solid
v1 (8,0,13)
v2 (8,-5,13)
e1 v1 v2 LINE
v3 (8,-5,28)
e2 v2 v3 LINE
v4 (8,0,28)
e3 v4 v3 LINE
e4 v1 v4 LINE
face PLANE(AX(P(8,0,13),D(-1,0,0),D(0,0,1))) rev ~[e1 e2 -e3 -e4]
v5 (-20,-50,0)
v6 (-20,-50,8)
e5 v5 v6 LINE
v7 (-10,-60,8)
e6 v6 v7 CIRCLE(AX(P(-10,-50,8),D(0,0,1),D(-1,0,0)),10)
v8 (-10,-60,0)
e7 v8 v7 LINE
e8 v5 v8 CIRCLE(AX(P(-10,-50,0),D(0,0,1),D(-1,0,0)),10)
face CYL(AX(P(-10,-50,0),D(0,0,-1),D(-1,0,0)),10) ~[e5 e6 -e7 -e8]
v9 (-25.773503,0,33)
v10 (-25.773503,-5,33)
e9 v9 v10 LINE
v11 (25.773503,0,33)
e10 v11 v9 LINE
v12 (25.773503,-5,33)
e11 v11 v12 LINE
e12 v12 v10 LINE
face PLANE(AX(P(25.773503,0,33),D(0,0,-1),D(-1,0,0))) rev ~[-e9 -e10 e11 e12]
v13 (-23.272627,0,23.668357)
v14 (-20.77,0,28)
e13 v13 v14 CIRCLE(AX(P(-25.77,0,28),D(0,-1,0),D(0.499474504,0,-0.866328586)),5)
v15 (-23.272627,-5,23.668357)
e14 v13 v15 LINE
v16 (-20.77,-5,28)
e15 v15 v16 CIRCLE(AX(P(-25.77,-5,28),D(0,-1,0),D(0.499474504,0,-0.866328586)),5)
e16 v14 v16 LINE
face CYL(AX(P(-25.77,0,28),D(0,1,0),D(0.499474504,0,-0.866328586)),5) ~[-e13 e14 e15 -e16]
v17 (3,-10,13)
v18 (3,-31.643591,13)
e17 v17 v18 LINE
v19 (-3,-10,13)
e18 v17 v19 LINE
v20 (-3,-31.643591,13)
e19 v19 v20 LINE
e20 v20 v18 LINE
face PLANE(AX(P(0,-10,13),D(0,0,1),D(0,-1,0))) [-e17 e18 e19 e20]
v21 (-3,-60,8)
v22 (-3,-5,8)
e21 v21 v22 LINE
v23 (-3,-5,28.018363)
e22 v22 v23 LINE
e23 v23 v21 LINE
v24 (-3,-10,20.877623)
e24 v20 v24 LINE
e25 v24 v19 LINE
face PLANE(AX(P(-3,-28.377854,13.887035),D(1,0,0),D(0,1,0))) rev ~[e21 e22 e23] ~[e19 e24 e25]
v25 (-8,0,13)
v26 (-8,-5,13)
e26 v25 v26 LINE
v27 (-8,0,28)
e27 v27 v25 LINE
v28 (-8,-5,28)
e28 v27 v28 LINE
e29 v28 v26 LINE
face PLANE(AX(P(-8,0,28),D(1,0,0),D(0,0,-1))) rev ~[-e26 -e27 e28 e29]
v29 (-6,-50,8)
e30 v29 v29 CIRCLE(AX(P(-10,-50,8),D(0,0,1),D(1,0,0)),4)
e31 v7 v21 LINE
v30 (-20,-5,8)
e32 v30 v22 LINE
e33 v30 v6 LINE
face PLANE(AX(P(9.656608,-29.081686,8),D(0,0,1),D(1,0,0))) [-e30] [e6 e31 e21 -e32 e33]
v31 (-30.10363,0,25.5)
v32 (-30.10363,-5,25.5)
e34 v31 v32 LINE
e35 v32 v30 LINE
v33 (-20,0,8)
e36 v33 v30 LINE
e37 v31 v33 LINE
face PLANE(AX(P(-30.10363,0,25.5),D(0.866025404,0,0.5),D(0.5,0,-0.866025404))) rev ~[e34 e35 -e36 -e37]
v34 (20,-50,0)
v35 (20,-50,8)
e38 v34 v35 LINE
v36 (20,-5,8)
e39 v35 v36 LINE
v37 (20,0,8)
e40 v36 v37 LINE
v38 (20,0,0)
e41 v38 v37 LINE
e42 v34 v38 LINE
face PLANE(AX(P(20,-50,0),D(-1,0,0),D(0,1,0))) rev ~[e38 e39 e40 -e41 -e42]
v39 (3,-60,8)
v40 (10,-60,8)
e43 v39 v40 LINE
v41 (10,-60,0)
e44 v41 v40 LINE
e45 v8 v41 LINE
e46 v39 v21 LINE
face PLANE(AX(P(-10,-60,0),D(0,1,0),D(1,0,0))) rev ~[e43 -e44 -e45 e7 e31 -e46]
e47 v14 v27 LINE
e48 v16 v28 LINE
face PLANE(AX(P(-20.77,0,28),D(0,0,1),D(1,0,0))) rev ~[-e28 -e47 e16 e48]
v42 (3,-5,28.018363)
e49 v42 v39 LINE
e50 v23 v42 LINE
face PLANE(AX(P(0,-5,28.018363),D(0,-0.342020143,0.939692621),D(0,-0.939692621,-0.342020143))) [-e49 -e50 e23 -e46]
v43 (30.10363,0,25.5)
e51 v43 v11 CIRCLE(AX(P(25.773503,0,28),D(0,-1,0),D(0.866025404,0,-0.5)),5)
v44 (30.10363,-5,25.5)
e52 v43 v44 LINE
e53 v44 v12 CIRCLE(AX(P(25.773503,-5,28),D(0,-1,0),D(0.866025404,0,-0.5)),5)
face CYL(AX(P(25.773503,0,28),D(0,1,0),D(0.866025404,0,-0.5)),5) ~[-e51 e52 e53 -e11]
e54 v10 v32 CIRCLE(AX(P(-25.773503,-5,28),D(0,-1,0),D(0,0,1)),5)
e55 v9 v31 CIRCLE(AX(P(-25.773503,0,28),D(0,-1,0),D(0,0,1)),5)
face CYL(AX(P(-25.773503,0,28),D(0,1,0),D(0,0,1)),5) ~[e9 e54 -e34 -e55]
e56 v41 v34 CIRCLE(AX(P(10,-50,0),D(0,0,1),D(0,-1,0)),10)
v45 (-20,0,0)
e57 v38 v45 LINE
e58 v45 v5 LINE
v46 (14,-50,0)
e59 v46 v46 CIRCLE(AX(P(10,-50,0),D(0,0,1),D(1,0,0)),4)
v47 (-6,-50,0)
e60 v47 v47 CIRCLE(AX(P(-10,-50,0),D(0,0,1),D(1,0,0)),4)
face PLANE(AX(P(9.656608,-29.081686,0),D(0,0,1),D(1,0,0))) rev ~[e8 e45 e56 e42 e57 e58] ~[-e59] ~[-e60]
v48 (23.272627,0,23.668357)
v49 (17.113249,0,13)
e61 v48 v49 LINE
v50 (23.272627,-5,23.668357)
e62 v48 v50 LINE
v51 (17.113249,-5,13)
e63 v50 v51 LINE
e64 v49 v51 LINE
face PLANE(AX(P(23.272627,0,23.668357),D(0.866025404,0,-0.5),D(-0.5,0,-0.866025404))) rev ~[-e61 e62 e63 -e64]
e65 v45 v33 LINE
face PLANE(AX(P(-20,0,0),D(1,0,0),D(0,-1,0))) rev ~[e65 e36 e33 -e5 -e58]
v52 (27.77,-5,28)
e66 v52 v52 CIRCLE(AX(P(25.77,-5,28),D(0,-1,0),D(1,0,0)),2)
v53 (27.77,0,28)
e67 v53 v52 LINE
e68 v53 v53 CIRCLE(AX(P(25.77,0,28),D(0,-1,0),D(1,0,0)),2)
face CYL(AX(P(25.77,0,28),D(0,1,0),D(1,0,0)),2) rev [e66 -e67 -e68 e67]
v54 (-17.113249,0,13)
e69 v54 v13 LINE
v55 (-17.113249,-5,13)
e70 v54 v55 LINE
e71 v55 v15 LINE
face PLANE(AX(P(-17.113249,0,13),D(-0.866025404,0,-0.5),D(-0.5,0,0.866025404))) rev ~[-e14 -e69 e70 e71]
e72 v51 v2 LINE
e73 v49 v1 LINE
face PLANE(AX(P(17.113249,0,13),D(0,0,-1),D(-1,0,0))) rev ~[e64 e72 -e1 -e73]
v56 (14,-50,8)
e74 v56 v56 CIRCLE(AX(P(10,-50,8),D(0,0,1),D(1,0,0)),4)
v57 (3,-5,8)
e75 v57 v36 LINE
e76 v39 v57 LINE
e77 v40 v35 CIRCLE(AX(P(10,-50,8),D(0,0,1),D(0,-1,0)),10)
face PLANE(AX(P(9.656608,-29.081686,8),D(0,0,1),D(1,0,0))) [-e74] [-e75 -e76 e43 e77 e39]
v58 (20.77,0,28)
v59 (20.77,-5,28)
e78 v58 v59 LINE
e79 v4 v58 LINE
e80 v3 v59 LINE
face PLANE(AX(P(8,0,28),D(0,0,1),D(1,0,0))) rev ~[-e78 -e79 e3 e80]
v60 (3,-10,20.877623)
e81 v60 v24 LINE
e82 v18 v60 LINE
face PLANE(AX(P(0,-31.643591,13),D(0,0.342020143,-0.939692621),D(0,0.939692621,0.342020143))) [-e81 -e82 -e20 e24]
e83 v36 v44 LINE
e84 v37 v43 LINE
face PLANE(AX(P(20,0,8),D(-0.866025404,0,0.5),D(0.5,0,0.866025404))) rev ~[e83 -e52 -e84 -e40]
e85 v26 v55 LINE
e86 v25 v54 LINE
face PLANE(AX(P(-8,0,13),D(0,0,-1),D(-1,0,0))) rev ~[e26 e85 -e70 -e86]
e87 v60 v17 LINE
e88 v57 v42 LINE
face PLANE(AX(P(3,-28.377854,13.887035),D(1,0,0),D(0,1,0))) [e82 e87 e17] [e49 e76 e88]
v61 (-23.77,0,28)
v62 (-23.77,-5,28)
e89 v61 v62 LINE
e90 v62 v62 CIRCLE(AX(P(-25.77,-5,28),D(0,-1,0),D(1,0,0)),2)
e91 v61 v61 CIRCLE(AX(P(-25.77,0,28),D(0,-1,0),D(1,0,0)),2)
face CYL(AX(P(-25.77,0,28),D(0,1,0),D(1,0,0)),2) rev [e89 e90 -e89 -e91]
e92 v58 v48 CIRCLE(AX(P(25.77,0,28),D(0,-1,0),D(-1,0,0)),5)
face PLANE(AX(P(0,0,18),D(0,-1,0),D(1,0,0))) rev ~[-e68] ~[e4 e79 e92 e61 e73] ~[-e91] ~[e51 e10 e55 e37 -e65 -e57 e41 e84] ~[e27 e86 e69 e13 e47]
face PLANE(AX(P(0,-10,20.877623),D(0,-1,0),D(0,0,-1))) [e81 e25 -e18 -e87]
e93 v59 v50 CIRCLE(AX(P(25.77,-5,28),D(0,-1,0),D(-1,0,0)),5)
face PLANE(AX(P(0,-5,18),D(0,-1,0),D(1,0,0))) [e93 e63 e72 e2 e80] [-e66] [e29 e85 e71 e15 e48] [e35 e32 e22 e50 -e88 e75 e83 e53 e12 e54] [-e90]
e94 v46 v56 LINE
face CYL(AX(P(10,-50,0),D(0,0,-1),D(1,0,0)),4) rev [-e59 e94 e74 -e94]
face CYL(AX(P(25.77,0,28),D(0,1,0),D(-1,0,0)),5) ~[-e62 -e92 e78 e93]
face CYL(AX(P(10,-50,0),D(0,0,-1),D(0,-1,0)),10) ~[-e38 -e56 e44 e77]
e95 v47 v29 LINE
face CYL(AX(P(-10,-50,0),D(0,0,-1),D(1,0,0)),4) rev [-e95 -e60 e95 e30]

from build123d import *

# Parameters (mm, degrees)
F0_R     = 4
F1_DEPTH = 8
F2_R     = 2
F3_DEPTH = 5
F5_DEPTH = 3


with BuildPart() as f1:
    # F0 (on Top) → F1 (new body)
    with BuildSketch(Plane.XY):
        with BuildLine():
            Line((20, 0), (0, 0))
            Line((0, 0), (0, -60))
            Line((0, -60), (10, -60))
            ThreePointArc((10, -60), (17.0710678119, -57.0710678119), (20, -50))
            Line((20, -50), (20, 0))
        make_face()
        with Locations((10, -50)):
            Circle(F0_R, mode=Mode.SUBTRACT)
        with BuildLine():
            Line((0, -60), (0, 0))
            Line((0, 0), (-20, 0))
            Line((-20, 0), (-20, -50))
            ThreePointArc((-20, -50), (-17.0710678119, -57.0710678119), (-10, -60))
            Line((-10, -60), (0, -60))
        make_face()
        with Locations((-10, -50)):
            Circle(F0_R, mode=Mode.SUBTRACT)
    extrude(amount=F1_DEPTH)

    # F2 (on Front) → F3 (join)
    with BuildSketch(Plane.XZ):
        Polygon((-3, 8), (3, 8), (3, 28), (0, 28), (-3, 28), align=None)
        with BuildLine():
            Line((3, 8), (20, 8))
            Line((20, 8), (30.1036297108, 25.5))
            ThreePointArc((30.1036297108, 25.5), (30.1036297108, 30.5), (25.7735026919, 33))
            Line((25.7735026919, 33), (0, 33))
            Line((0, 33), (-25.7735026919, 33))
            ThreePointArc((-25.7735026919, 33), (-30.1036297108, 30.5), (-30.1036297108, 25.5))
            Line((-30.1036297108, 25.5), (-20, 8))
            Line((-20, 8), (-3, 8))
            Line((-3, 8), (-3, 28))
            Line((-3, 28), (0, 28))
            Line((0, 28), (3, 28))
            Line((3, 28), (3, 8))
        make_face()
        with BuildLine():
            Line((-20.77, 28), (-8, 28))
            Line((-8, 28), (-8, 13))
            Line((-8, 13), (-17.1132486541, 13))
            Line((-17.1132486541, 13), (-23.272627479, 23.6683570679))
            ThreePointArc((-23.272627479, 23.6683570679), (-21.4406315354, 25.4986866055), (-20.77, 28))
        make_face(mode=Mode.SUBTRACT)
        with Locations((-25.77, 28)):
            Circle(F2_R, mode=Mode.SUBTRACT)
        with BuildLine():
            Line((8, 13), (8, 28))
            Line((8, 28), (20.77, 28))
            ThreePointArc((20.77, 28), (21.4406315354, 25.4986866055), (23.272627479, 23.6683570679))
            Line((23.272627479, 23.6683570679), (17.1132486541, 13))
            Line((17.1132486541, 13), (8, 13))
        make_face(mode=Mode.SUBTRACT)
        with Locations((25.77, 28)):
            Circle(F2_R, mode=Mode.SUBTRACT)
    extrude(amount=F3_DEPTH)

    # F4 (on Right) → F5 (join, symmetric)
    with BuildSketch(Plane.YZ):
        Polygon((-50, 8), (-5, 8), (-5, 25.5), (-5, 28.0183628846), (-60, 8), align=None)
        Polygon((-31.6435909019, 13), (-10, 20.8776228509), (-10, 13), align=None, mode=Mode.SUBTRACT)
    extrude(amount=F5_DEPTH, both=True)


solid = f1.part
